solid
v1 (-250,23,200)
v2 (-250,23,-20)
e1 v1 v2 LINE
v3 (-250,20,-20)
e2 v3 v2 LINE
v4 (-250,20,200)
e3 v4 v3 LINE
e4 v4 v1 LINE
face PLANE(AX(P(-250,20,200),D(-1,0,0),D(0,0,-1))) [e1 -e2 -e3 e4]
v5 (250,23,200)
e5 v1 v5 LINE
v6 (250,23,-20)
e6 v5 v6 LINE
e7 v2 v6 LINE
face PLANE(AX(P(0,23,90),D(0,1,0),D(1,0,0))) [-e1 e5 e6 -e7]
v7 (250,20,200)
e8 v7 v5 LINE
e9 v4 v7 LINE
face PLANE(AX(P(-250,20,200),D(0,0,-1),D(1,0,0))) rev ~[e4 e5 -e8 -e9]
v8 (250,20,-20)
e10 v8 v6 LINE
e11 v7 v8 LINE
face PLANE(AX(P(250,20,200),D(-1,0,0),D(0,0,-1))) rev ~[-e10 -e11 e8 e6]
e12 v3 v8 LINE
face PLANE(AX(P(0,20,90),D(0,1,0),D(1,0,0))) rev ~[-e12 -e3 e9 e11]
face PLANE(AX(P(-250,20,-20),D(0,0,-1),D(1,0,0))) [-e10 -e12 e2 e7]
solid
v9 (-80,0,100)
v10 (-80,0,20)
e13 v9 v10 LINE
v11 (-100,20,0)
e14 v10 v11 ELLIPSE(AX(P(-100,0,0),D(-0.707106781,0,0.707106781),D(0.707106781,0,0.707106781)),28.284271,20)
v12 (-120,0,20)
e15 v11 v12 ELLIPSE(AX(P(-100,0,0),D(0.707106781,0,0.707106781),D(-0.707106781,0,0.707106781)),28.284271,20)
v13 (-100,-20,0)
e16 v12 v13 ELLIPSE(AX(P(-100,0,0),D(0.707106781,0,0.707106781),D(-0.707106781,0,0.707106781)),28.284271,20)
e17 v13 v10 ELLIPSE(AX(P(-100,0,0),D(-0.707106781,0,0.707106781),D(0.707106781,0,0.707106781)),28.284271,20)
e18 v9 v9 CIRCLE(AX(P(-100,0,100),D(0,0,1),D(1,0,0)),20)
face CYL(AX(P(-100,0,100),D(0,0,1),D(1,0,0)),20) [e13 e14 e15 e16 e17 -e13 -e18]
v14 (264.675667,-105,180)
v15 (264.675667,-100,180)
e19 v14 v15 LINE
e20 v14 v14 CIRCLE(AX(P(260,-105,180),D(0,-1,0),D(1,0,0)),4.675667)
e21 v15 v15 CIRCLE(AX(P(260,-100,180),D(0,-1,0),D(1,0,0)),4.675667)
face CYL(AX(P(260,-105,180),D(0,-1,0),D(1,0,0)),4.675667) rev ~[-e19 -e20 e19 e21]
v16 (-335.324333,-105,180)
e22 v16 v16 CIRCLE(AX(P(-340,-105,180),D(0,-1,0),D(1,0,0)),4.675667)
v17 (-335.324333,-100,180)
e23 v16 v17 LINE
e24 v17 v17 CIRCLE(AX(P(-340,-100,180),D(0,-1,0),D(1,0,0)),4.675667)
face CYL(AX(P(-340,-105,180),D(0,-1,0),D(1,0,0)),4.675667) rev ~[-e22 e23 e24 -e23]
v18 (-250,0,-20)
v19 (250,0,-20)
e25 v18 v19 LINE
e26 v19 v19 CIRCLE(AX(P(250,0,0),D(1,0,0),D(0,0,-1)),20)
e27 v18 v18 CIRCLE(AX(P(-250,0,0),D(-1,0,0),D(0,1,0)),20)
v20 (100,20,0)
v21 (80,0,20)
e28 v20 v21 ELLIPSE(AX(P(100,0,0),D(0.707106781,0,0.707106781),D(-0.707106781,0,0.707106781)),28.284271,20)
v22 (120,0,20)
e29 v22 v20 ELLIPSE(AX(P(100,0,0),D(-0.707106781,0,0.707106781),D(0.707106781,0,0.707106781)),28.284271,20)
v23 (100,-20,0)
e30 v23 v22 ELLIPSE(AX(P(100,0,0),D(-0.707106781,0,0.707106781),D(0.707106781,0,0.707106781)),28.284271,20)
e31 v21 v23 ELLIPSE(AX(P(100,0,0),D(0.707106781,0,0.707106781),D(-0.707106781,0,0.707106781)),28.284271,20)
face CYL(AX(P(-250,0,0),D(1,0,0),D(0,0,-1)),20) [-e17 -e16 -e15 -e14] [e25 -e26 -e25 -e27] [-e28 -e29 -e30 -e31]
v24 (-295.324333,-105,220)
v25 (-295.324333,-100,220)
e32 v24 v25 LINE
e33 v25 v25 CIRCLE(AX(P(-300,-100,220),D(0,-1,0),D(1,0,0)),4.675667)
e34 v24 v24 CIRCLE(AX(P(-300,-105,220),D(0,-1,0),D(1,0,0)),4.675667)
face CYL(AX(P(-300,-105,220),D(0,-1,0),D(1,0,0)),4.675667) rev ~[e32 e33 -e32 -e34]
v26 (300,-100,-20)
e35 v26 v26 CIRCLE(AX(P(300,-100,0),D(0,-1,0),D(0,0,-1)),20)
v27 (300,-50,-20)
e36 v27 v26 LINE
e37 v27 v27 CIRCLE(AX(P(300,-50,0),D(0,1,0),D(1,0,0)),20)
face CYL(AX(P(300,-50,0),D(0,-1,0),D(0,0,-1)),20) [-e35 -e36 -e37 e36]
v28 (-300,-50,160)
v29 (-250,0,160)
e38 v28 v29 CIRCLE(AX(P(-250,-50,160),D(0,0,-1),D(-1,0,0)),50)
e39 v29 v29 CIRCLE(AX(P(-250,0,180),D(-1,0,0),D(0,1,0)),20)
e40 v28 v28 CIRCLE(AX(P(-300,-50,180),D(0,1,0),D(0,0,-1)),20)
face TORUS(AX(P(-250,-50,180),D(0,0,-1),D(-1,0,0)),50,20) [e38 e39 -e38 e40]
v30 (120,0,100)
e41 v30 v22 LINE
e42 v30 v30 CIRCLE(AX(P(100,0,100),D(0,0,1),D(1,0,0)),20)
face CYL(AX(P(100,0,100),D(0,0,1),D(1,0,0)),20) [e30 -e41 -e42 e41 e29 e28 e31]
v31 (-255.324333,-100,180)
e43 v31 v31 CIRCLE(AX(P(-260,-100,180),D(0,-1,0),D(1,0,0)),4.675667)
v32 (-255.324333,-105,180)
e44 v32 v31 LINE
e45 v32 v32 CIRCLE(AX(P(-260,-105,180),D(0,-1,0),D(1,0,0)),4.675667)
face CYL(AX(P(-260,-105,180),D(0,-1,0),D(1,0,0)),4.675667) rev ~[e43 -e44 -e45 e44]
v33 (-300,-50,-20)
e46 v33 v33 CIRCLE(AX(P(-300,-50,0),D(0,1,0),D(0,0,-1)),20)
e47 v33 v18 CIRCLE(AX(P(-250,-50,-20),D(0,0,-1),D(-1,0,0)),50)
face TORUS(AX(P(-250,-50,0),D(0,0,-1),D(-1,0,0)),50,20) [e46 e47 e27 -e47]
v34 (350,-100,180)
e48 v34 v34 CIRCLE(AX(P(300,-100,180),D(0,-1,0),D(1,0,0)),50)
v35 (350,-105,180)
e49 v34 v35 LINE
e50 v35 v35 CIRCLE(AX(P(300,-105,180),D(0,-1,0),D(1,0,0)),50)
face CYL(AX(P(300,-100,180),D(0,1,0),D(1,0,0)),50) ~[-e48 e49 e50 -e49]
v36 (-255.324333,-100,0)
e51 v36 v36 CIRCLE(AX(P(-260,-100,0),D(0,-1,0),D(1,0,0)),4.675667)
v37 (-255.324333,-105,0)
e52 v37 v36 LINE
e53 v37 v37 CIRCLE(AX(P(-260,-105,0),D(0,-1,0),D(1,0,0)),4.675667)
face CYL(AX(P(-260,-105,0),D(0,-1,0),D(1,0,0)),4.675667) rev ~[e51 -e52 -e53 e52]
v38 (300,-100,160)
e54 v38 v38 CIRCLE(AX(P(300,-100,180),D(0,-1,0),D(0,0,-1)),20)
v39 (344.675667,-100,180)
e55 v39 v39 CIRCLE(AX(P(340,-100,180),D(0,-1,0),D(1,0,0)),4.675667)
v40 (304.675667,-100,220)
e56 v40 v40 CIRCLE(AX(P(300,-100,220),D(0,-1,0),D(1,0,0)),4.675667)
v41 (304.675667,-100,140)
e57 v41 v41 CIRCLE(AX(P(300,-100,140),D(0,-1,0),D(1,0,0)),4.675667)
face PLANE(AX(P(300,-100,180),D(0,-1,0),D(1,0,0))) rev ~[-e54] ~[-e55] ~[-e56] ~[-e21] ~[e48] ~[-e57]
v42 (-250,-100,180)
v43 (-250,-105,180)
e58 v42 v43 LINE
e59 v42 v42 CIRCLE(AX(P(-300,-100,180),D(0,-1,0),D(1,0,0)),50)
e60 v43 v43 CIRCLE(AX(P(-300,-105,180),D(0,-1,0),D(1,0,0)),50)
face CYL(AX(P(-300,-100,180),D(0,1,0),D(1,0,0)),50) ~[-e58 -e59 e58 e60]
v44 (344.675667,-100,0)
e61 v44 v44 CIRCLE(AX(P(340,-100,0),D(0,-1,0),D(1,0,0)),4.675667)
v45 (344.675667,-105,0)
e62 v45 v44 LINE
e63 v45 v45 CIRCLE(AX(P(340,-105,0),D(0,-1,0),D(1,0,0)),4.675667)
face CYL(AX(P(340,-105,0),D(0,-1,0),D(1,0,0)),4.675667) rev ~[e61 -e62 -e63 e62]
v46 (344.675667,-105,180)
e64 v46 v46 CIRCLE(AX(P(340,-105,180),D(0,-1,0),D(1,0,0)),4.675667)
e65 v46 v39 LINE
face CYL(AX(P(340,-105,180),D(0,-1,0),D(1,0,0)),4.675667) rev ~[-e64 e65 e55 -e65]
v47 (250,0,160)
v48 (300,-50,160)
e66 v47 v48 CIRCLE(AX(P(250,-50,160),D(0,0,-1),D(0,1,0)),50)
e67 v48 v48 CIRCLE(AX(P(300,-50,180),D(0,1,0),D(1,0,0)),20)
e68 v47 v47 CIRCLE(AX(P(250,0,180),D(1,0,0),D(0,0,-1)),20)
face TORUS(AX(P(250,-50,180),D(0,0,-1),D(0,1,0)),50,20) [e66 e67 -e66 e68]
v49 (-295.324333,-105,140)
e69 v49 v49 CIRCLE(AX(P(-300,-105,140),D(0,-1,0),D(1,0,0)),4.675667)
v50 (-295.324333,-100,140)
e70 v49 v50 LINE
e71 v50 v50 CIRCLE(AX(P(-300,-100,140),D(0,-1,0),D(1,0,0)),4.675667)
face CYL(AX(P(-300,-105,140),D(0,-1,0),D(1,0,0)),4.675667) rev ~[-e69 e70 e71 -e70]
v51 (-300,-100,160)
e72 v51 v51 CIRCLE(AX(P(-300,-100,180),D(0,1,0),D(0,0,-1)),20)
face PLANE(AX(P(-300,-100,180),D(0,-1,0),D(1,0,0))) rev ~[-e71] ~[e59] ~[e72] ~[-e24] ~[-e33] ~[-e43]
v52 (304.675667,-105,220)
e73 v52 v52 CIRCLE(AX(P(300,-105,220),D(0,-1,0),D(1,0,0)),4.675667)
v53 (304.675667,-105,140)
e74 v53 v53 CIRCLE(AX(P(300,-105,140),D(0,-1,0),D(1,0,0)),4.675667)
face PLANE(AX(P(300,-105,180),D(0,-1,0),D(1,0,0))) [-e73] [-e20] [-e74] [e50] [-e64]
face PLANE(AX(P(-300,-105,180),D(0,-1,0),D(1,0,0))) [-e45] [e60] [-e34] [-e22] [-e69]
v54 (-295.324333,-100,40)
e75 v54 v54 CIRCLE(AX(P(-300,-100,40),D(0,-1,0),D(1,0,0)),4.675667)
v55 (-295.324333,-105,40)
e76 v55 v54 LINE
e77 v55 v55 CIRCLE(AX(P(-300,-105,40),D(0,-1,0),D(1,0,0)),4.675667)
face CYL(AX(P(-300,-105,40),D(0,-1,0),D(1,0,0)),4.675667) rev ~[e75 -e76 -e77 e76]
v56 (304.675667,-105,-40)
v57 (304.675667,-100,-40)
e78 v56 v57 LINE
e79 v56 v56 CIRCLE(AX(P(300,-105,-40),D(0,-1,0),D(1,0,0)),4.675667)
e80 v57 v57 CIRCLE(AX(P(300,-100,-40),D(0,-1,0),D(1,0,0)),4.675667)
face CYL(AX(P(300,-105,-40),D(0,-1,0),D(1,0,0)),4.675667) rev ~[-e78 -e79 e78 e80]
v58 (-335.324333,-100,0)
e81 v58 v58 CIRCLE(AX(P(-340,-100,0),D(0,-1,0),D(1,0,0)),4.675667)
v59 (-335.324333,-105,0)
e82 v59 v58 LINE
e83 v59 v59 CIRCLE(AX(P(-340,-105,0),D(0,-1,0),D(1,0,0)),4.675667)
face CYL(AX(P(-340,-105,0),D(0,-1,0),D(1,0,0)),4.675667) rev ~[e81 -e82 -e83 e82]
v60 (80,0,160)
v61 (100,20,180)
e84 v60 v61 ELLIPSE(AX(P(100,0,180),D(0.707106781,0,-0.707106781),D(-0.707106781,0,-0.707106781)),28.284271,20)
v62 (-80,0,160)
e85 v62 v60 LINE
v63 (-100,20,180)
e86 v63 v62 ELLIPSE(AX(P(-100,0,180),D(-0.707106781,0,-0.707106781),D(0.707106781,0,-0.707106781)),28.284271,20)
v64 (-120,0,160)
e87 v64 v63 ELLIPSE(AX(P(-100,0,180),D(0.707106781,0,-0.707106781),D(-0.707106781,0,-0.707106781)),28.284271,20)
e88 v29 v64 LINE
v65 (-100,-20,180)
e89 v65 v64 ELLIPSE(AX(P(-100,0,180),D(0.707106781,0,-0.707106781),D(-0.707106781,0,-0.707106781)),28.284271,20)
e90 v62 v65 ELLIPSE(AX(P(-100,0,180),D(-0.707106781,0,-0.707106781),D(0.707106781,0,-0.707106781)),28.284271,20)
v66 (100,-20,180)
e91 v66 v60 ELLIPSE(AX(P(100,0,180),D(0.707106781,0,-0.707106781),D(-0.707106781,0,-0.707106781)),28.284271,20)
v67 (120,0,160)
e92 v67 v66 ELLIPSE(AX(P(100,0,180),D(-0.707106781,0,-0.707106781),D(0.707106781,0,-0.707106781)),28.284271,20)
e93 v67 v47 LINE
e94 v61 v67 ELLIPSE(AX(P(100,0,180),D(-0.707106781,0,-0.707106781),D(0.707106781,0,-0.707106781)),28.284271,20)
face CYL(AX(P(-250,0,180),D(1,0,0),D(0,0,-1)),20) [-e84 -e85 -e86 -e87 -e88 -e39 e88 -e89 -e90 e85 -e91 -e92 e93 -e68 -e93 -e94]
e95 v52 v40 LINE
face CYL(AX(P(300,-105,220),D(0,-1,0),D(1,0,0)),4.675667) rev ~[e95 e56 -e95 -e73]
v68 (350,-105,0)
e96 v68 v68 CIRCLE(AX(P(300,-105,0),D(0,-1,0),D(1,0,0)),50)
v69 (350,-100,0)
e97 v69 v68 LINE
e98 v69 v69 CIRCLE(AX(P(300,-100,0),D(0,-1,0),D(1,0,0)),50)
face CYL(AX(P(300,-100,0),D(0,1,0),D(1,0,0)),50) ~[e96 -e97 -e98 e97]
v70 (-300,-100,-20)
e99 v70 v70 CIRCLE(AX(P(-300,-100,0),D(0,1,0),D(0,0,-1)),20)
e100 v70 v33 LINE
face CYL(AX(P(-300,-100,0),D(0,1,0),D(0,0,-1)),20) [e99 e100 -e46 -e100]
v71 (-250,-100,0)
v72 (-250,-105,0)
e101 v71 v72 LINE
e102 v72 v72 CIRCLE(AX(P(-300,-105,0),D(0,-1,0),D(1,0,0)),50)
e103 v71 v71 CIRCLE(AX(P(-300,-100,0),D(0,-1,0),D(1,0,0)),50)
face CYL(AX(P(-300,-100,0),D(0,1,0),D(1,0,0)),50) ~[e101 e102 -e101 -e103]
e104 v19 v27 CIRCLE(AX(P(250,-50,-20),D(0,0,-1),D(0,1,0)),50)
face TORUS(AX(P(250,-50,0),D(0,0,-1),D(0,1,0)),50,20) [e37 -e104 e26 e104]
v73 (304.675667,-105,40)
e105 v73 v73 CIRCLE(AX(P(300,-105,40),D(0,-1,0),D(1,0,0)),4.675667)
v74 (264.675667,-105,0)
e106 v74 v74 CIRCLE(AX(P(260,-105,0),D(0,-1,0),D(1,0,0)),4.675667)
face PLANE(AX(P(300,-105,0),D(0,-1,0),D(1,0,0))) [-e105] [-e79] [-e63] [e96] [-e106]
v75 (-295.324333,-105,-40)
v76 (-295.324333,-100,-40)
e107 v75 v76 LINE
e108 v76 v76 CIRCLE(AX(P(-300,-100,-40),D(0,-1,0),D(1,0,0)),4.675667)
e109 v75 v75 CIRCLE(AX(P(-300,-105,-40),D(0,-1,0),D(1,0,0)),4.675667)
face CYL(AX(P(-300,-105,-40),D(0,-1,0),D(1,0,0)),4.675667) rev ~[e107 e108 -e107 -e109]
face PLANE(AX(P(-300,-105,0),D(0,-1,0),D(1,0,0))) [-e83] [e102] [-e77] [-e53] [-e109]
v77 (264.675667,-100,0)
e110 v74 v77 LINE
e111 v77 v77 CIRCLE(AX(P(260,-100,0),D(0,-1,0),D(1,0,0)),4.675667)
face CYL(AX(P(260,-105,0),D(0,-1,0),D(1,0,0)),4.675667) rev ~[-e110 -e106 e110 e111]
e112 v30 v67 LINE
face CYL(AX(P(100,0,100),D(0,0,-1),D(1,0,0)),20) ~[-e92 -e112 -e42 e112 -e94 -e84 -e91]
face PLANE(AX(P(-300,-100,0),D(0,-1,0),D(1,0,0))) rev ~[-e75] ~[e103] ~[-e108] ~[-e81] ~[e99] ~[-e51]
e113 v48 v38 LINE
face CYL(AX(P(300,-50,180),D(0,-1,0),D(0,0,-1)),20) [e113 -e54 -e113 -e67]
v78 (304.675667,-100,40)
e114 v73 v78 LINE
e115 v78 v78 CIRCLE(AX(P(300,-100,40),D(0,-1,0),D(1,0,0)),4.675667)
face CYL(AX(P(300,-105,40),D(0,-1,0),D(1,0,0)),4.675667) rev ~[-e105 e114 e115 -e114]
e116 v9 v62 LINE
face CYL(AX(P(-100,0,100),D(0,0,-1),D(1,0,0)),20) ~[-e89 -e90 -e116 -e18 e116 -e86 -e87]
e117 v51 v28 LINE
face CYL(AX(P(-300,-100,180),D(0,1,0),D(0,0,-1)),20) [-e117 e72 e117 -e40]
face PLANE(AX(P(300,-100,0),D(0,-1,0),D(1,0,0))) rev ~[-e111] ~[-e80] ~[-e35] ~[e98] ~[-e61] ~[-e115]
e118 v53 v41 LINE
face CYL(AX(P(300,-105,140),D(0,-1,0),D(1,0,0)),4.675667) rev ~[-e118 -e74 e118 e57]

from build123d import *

# Parameters (mm, degrees)
SKETCH2_R                       = 20
SKETCH4_R                       = 20
SKETCH5_R                       = 50
BOSS_EXTRUDE1_DEPTH             = 5
BOSS_EXTRUDE2_REACH             = 132
SKETCH8_R                       = 20
BOSS_EXTRUDE2_DIRECTION_2_REACH = 152
SKETCH10_W                      = 500
SKETCH10_H                      = 220
BOSS_EXTRUDE3_DEPTH             = 3
SKETCH11_R                      = 4.675667077
CUT_EXTRUDE1_DEPTH              = 5


with BuildPart() as part:
    # Sweep1: sweep along a path in Sketch1
    with BuildLine(Plane.XY) as sweep1_path:
        Line((-300, -100), (-300, -50))
        ThreePointArc((-300, -50), (-285.355339059, -14.644660941), (-250, 0))
        Line((-250, 0), (250, 0))
        ThreePointArc((250, 0), (285.355339059, -14.644660941), (300, -50))
        Line((300, -50), (300, -100))
    # Sketch2 → Sweep1 (sweep)
    with BuildSketch(Plane(origin=(0, 0, 0), x_dir=(0, 0, -1), z_dir=(1, 0, 0))):
        Circle(SKETCH2_R)
    sweep(path=sweep1_path.line)



with BuildPart() as body_2:
    # Sweep2: sweep along a path in Sketch3
    with BuildLine(Plane.XY.offset(180)) as sweep2_path:
        Line((-300, -100), (-300, -50))
        ThreePointArc((-300, -50), (-285.355339059, -14.644660941), (-250, 0))
        Line((-250, 0), (250, 0))
        ThreePointArc((250, 0), (285.355339059, -14.644660941), (300, -50))
        Line((300, -50), (300, -100))
    # Sketch4 → Sweep2 (sweep)
    with BuildSketch(Plane(origin=(0, 0, 0), x_dir=(0, 0, -1), z_dir=(1, 0, 0))):
        with Locations((-180, 0)):
            Circle(SKETCH4_R)
    sweep(path=sweep2_path.line)


with BuildPart() as part_1:
    add(part.part)

    add(body_2.part)  # Boss-Extrude1 merges body 2
    # Sketch5 → Boss-Extrude1 (add)
    with BuildSketch(Plane.XZ.offset(100)):
        with Locations((-300, 180)):
            Circle(SKETCH5_R)
        with Locations((-300, 0)):
            Circle(SKETCH5_R)
        with Locations((300, 0)):
            Circle(SKETCH5_R)
        with Locations((300, 180)):
            Circle(SKETCH5_R)
    extrude(amount=BOSS_EXTRUDE1_DEPTH)

    # Sketch8 → Boss-Extrude2 (add, up to next)
    with BuildSketch(Plane.XY.offset(100), mode=Mode.PRIVATE) as boss_extrude2_sk1:
        with Locations((-100, 0)):
            Circle(SKETCH8_R)
    boss_extrude2_tool1 = extrude(boss_extrude2_sk1.sketch, amount=BOSS_EXTRUDE2_REACH, mode=Mode.PRIVATE) - part_1.part
    add(boss_extrude2_tool1.solids().sort_by_distance((-100, 0, 100))[0])
    # Sketch8 → Boss-Extrude2 (add, up to next)
    with BuildSketch(Plane.XY.offset(100), mode=Mode.PRIVATE) as boss_extrude2_sk2:
        with Locations((100, 0)):
            Circle(SKETCH8_R)
    boss_extrude2_tool2 = extrude(boss_extrude2_sk2.sketch, amount=BOSS_EXTRUDE2_REACH, mode=Mode.PRIVATE) - part_1.part
    add(boss_extrude2_tool2.solids().sort_by_distance((100, 0, 100))[0])

    # Sketch8 → Boss-Extrude2 direction 2 (add, up to next)
    with BuildSketch(Plane.XY.offset(100), mode=Mode.PRIVATE) as boss_extrude2_direction_2_sk1:
        with Locations((-100, 0)):
            Circle(SKETCH8_R)
    boss_extrude2_direction_2_tool1 = extrude(boss_extrude2_direction_2_sk1.sketch, amount=-BOSS_EXTRUDE2_DIRECTION_2_REACH, mode=Mode.PRIVATE) - part_1.part
    add(boss_extrude2_direction_2_tool1.solids().sort_by_distance((-100, 0, 100))[0])
    # Sketch8 → Boss-Extrude2 direction 2 (add, up to next)
    with BuildSketch(Plane.XY.offset(100), mode=Mode.PRIVATE) as boss_extrude2_direction_2_sk2:
        with Locations((100, 0)):
            Circle(SKETCH8_R)
    boss_extrude2_direction_2_tool2 = extrude(boss_extrude2_direction_2_sk2.sketch, amount=-BOSS_EXTRUDE2_DIRECTION_2_REACH, mode=Mode.PRIVATE) - part_1.part
    add(boss_extrude2_direction_2_tool2.solids().sort_by_distance((100, 0, 100))[0])

    # Sketch11 → Cut-Extrude1 (cut)
    with BuildSketch(Plane.XZ.offset(105)):
        with Locations((-300, 220)):
            Circle(SKETCH11_R)
        with Locations((-260, 180)):
            Circle(SKETCH11_R)
        with Locations((-300, 140)):
            Circle(SKETCH11_R)
        with Locations((-340, 180)):
            Circle(SKETCH11_R)
        with Locations((260, 180)):
            Circle(SKETCH11_R)
        with Locations((300, 140)):
            Circle(SKETCH11_R)
        with Locations((340, 180)):
            Circle(SKETCH11_R)
        with Locations((300, 220)):
            Circle(SKETCH11_R)
        with Locations((-340, 0)):
            Circle(SKETCH11_R)
        with Locations((-300, 40)):
            Circle(SKETCH11_R)
        with Locations((-260, 0)):
            Circle(SKETCH11_R)
        with Locations((-300, -40)):
            Circle(SKETCH11_R)
        with Locations((300, -40)):
            Circle(SKETCH11_R)
        with Locations((340, 0)):
            Circle(SKETCH11_R)
        with Locations((300, 40)):
            Circle(SKETCH11_R)
        with Locations((260, 0)):
            Circle(SKETCH11_R)
    extrude(amount=-CUT_EXTRUDE1_DEPTH, mode=Mode.SUBTRACT)


with BuildPart() as body_2_2:
    # Sketch10 → Boss-Extrude3 (new body)
    with BuildSketch(Plane(origin=(0, 20, 0), x_dir=(1, 0, 0), z_dir=(0, 1, 0))):
        with Locations((0, -90)):
            Rectangle(SKETCH10_W, SKETCH10_H)
    extrude(amount=BOSS_EXTRUDE3_DEPTH)


solid = Compound([part_1.part, body_2_2.part])
